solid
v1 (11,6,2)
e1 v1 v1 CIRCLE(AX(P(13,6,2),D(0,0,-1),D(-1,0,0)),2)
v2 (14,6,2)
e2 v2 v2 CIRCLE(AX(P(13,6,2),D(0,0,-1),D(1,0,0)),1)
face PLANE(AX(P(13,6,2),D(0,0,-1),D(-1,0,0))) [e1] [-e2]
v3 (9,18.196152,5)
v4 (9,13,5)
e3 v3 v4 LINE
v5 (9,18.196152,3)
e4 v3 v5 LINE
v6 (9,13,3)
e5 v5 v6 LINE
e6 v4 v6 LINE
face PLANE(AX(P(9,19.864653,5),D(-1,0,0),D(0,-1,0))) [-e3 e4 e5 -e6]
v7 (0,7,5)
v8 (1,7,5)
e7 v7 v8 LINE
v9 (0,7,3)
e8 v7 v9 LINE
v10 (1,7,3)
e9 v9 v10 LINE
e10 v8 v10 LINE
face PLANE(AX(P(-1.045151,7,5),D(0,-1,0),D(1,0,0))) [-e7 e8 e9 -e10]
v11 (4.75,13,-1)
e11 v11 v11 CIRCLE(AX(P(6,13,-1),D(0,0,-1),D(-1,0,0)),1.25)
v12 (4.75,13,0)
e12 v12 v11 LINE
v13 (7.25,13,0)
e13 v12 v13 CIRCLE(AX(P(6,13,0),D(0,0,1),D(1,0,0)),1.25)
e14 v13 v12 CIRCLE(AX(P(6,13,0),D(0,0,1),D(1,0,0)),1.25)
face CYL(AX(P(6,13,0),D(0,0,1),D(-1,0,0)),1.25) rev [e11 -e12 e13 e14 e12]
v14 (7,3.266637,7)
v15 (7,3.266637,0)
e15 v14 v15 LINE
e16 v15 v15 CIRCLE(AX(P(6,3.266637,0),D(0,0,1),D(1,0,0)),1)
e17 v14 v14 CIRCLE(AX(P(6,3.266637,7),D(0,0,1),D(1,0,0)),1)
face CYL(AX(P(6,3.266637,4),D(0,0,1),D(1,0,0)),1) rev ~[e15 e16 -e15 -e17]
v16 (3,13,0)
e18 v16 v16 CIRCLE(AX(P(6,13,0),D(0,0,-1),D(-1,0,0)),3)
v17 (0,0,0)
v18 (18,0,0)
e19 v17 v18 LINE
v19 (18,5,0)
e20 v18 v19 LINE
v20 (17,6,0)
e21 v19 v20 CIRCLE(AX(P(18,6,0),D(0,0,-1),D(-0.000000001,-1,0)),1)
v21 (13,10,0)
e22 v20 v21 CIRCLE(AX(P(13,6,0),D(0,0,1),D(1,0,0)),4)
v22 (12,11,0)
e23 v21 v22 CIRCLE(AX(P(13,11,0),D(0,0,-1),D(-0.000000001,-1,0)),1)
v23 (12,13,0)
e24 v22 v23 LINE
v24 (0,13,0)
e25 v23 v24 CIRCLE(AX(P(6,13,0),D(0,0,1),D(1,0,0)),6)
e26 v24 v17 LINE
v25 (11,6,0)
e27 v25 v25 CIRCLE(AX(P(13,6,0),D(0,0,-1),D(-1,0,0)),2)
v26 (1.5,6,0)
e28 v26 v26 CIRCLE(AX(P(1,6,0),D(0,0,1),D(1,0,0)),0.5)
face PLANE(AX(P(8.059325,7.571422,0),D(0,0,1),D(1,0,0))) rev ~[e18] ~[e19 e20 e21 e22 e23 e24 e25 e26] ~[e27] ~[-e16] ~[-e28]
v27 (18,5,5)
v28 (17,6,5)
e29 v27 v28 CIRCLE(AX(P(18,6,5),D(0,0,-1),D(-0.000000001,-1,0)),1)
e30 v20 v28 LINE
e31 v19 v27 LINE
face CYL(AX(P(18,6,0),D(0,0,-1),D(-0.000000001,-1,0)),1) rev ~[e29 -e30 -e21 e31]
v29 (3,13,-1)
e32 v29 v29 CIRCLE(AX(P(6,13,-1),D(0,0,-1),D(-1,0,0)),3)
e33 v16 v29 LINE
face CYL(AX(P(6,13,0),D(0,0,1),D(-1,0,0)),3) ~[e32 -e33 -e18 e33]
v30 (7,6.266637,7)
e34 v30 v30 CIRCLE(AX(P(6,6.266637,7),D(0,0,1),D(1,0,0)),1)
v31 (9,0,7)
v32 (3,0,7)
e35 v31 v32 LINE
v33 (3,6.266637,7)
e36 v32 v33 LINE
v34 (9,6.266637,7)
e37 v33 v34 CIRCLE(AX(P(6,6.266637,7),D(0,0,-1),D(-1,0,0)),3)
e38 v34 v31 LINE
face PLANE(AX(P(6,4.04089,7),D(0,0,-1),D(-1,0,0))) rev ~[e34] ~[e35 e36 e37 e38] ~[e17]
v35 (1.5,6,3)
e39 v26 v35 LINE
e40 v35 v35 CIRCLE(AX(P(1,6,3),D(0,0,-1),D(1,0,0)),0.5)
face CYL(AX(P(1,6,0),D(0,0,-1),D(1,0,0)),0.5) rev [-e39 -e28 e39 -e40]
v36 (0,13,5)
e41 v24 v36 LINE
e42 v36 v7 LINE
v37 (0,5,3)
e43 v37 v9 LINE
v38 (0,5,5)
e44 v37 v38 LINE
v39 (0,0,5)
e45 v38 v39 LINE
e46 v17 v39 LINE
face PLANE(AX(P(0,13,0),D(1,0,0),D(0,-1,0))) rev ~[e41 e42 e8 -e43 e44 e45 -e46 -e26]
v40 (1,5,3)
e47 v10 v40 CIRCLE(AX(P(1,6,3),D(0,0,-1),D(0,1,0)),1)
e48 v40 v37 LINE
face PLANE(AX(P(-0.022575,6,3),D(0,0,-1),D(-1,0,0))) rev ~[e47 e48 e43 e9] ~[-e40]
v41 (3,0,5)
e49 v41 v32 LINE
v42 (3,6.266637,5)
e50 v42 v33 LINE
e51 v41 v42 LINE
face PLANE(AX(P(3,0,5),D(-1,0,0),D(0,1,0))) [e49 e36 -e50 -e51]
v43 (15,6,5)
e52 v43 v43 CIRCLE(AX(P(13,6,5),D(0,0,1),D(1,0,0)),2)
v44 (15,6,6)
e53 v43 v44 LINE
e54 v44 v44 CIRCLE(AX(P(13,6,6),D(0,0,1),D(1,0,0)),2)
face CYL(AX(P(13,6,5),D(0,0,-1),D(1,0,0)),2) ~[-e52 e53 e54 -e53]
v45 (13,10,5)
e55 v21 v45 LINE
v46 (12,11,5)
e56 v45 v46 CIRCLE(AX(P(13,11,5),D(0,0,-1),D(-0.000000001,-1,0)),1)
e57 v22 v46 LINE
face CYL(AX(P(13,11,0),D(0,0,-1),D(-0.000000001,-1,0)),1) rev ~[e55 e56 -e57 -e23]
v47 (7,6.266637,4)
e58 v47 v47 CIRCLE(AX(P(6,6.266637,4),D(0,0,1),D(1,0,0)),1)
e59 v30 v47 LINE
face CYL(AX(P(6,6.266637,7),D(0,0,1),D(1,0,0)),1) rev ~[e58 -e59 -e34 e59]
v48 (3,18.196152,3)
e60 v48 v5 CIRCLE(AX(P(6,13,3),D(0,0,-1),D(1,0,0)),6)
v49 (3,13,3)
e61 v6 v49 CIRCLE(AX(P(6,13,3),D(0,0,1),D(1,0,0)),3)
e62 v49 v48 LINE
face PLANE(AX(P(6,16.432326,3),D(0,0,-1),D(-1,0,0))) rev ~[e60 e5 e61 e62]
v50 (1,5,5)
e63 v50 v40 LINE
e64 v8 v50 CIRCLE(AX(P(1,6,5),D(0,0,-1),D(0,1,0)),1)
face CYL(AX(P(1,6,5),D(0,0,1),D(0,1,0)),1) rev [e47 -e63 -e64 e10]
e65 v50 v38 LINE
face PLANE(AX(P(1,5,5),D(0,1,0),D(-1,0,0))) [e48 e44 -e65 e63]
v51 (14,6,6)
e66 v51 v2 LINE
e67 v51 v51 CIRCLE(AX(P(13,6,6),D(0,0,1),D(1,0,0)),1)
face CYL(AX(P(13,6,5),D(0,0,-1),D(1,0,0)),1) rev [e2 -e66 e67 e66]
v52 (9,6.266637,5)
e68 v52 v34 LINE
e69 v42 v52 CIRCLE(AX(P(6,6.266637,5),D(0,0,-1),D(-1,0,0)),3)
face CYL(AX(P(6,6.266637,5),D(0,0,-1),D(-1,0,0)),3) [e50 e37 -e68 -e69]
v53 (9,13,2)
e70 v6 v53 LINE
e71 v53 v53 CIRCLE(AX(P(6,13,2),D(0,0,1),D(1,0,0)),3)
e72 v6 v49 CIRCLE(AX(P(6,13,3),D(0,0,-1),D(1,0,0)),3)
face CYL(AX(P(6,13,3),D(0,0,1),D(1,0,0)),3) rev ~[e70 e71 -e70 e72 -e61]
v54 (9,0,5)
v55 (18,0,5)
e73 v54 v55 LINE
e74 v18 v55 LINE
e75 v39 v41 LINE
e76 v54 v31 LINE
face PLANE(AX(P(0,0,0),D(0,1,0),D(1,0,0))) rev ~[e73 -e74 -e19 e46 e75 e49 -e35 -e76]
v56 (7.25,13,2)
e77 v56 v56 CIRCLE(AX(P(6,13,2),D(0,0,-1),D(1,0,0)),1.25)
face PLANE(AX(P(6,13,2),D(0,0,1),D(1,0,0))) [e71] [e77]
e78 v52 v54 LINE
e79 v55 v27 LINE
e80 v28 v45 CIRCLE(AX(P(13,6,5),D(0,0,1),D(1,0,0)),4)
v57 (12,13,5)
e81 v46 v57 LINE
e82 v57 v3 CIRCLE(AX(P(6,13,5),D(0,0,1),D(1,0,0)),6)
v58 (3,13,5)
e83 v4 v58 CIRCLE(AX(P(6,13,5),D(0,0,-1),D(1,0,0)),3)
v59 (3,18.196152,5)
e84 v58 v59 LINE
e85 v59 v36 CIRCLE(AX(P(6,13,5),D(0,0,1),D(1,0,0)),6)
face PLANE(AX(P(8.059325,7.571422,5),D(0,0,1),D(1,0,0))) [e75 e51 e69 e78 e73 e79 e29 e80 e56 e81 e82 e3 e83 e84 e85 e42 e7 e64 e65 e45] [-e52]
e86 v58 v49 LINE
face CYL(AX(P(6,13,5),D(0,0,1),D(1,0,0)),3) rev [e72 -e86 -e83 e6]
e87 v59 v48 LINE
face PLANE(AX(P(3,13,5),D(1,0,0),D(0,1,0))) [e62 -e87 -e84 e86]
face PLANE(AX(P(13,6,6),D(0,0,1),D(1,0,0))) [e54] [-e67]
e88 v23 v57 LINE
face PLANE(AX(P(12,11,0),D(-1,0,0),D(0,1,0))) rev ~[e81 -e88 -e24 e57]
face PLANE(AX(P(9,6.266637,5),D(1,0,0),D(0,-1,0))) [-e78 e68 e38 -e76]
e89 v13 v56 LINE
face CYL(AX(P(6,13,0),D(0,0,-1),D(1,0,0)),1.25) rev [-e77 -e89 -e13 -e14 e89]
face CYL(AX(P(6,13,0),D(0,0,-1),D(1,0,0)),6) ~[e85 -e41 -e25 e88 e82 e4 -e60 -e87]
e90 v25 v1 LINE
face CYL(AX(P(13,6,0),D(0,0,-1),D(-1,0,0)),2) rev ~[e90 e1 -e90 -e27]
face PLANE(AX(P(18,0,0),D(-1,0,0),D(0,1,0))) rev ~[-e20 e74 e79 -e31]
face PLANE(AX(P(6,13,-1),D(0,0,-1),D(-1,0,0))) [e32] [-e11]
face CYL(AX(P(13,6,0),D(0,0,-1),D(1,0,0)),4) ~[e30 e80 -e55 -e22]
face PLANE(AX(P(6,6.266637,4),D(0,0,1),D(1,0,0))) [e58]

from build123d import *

# Parameters (mm, degrees)
SKETCH1_R           = 1.25
SKETCH1_R_2         = 0.5
SKETCH1_R_3         = 1
BOSS_EXTRUDE1_DEPTH = 5
SKETCH2_R           = 2
CUT_EXTRUDE1_DEPTH  = 2
CUT_EXTRUDE2_DEPTH  = 2
BOSS_EXTRUDE2_DEPTH = 2
SKETCH5_R           = 2
SKETCH5_R_2         = 1
BOSS_EXTRUDE3_DEPTH = 1
SKETCH6_R           = 1.25
BOSS_EXTRUDE4_DEPTH = 1
SKETCH7_R           = 1
CUT_EXTRUDE3_DEPTH  = 3
CUT_EXTRUDE4_DEPTH  = 2
SKETCH9_R           = 3
CUT_EXTRUDE5_DEPTH  = 1
SKETCH10_R          = 1
CUT_EXTRUDE6_DEPTH  = 4


with BuildPart() as part:
    # Sketch1 → Boss-Extrude1 (new body)
    with BuildSketch(Plane.XY):
        with BuildLine():
            Line((0, 0), (18, 0))
            Line((18, 0), (18, 5))
            ThreePointArc((18, 5), (17.292893219, 5.292893219), (17, 6))
            ThreePointArc((17, 6), (15.828427125, 8.828427125), (13, 10))
            ThreePointArc((13, 10), (12.292893219, 10.292893219), (12, 11))
            Line((12, 11), (12, 13))
            ThreePointArc((12, 13), (6, 19), (0, 13))
            Line((0, 13), (0, 0))
        make_face()
        with Locations((6, 13)):
            Circle(SKETCH1_R, mode=Mode.SUBTRACT)
        with Locations((1, 6)):
            Circle(SKETCH1_R_2, mode=Mode.SUBTRACT)
        with Locations((13, 6)):
            Circle(SKETCH1_R_3, mode=Mode.SUBTRACT)
    extrude(amount=BOSS_EXTRUDE1_DEPTH)

    # Sketch2 → Cut-Extrude1 (cut)
    with BuildSketch(Plane(origin=(0, 0, 0), x_dir=(-1, 0, 0), z_dir=(0, 0, -1))):
        with Locations((-13, 6)):
            Circle(SKETCH2_R)
    extrude(amount=-CUT_EXTRUDE1_DEPTH, mode=Mode.SUBTRACT)

    # Sketch3 → Cut-Extrude2 (cut)
    with BuildSketch(Plane.XY.offset(5)):
        with BuildLine():
            Line((3, 13), (3, 19.864652962))
            ThreePointArc((3, 19.864652962), (6, 22.864652962), (9, 19.864652962))
            Line((9, 19.864652962), (9, 13))
            ThreePointArc((9, 13), (6, 10), (3, 13))
        make_face()
    extrude(amount=-CUT_EXTRUDE2_DEPTH, mode=Mode.SUBTRACT)

    # Sketch4 → Boss-Extrude2 (add)
    with BuildSketch(Plane.XY.offset(5)):
        with BuildLine():
            Line((9, 6.266637239), (9, 0))
            Line((9, 0), (3, 0))
            Line((3, 0), (3, 6.266637239))
            ThreePointArc((3, 6.266637239), (6, 9.266637239), (9, 6.266637239))
        make_face()
    extrude(amount=BOSS_EXTRUDE2_DEPTH)

    # Sketch5 → Boss-Extrude3 (add)
    with BuildSketch(Plane.XY.offset(5)):
        with Locations((13, 6)):
            Circle(SKETCH5_R)
        with Locations((13, 6)):
            Circle(SKETCH5_R_2, mode=Mode.SUBTRACT)
    extrude(amount=BOSS_EXTRUDE3_DEPTH)

    # Sketch6 → Boss-Extrude4 (add)
    with BuildSketch(Plane(origin=(0, 0, 0), x_dir=(-1, 0, 0), z_dir=(0, 0, -1))):
        with BuildLine():
            ThreePointArc((-9, 13), (-6, 10), (-3, 13))
            ThreePointArc((-3, 13), (-6, 16), (-9, 13))
        make_face()
        with Locations((-6, 13)):
            Circle(SKETCH6_R, mode=Mode.SUBTRACT)
    extrude(amount=BOSS_EXTRUDE4_DEPTH)

    # Sketch7 → Cut-Extrude3 (cut)
    with BuildSketch(Plane.XY.offset(7)):
        with Locations((6, 6.266637239)):
            Circle(SKETCH7_R)
        with Locations((6, 3.266637239)):
            Circle(SKETCH7_R)
    extrude(amount=-CUT_EXTRUDE3_DEPTH, mode=Mode.SUBTRACT)

    # Sketch8 → Cut-Extrude4 (cut)
    with BuildSketch(Plane.XY.offset(5)):
        with BuildLine():
            Line((1, 5), (-1.045150713, 5))
            ThreePointArc((-1.045150713, 5), (-2.045150713, 6), (-1.045150713, 7))
            Line((-1.045150713, 7), (1, 7))
            ThreePointArc((1, 7), (2, 6), (1, 5))
        make_face()
    extrude(amount=-CUT_EXTRUDE4_DEPTH, mode=Mode.SUBTRACT)

    # Sketch9 → Cut-Extrude5 (cut)
    with BuildSketch(Plane.XY.offset(3)):
        with Locations((6, 13)):
            Circle(SKETCH9_R)
    extrude(amount=-CUT_EXTRUDE5_DEPTH, mode=Mode.SUBTRACT)

    # Sketch10 → Cut-Extrude6 (cut)
    with BuildSketch(Plane.XY.offset(4)):
        with Locations((6, 3.266637239)):
            Circle(SKETCH10_R)
    extrude(amount=-CUT_EXTRUDE6_DEPTH, mode=Mode.SUBTRACT)


solid = part.part
